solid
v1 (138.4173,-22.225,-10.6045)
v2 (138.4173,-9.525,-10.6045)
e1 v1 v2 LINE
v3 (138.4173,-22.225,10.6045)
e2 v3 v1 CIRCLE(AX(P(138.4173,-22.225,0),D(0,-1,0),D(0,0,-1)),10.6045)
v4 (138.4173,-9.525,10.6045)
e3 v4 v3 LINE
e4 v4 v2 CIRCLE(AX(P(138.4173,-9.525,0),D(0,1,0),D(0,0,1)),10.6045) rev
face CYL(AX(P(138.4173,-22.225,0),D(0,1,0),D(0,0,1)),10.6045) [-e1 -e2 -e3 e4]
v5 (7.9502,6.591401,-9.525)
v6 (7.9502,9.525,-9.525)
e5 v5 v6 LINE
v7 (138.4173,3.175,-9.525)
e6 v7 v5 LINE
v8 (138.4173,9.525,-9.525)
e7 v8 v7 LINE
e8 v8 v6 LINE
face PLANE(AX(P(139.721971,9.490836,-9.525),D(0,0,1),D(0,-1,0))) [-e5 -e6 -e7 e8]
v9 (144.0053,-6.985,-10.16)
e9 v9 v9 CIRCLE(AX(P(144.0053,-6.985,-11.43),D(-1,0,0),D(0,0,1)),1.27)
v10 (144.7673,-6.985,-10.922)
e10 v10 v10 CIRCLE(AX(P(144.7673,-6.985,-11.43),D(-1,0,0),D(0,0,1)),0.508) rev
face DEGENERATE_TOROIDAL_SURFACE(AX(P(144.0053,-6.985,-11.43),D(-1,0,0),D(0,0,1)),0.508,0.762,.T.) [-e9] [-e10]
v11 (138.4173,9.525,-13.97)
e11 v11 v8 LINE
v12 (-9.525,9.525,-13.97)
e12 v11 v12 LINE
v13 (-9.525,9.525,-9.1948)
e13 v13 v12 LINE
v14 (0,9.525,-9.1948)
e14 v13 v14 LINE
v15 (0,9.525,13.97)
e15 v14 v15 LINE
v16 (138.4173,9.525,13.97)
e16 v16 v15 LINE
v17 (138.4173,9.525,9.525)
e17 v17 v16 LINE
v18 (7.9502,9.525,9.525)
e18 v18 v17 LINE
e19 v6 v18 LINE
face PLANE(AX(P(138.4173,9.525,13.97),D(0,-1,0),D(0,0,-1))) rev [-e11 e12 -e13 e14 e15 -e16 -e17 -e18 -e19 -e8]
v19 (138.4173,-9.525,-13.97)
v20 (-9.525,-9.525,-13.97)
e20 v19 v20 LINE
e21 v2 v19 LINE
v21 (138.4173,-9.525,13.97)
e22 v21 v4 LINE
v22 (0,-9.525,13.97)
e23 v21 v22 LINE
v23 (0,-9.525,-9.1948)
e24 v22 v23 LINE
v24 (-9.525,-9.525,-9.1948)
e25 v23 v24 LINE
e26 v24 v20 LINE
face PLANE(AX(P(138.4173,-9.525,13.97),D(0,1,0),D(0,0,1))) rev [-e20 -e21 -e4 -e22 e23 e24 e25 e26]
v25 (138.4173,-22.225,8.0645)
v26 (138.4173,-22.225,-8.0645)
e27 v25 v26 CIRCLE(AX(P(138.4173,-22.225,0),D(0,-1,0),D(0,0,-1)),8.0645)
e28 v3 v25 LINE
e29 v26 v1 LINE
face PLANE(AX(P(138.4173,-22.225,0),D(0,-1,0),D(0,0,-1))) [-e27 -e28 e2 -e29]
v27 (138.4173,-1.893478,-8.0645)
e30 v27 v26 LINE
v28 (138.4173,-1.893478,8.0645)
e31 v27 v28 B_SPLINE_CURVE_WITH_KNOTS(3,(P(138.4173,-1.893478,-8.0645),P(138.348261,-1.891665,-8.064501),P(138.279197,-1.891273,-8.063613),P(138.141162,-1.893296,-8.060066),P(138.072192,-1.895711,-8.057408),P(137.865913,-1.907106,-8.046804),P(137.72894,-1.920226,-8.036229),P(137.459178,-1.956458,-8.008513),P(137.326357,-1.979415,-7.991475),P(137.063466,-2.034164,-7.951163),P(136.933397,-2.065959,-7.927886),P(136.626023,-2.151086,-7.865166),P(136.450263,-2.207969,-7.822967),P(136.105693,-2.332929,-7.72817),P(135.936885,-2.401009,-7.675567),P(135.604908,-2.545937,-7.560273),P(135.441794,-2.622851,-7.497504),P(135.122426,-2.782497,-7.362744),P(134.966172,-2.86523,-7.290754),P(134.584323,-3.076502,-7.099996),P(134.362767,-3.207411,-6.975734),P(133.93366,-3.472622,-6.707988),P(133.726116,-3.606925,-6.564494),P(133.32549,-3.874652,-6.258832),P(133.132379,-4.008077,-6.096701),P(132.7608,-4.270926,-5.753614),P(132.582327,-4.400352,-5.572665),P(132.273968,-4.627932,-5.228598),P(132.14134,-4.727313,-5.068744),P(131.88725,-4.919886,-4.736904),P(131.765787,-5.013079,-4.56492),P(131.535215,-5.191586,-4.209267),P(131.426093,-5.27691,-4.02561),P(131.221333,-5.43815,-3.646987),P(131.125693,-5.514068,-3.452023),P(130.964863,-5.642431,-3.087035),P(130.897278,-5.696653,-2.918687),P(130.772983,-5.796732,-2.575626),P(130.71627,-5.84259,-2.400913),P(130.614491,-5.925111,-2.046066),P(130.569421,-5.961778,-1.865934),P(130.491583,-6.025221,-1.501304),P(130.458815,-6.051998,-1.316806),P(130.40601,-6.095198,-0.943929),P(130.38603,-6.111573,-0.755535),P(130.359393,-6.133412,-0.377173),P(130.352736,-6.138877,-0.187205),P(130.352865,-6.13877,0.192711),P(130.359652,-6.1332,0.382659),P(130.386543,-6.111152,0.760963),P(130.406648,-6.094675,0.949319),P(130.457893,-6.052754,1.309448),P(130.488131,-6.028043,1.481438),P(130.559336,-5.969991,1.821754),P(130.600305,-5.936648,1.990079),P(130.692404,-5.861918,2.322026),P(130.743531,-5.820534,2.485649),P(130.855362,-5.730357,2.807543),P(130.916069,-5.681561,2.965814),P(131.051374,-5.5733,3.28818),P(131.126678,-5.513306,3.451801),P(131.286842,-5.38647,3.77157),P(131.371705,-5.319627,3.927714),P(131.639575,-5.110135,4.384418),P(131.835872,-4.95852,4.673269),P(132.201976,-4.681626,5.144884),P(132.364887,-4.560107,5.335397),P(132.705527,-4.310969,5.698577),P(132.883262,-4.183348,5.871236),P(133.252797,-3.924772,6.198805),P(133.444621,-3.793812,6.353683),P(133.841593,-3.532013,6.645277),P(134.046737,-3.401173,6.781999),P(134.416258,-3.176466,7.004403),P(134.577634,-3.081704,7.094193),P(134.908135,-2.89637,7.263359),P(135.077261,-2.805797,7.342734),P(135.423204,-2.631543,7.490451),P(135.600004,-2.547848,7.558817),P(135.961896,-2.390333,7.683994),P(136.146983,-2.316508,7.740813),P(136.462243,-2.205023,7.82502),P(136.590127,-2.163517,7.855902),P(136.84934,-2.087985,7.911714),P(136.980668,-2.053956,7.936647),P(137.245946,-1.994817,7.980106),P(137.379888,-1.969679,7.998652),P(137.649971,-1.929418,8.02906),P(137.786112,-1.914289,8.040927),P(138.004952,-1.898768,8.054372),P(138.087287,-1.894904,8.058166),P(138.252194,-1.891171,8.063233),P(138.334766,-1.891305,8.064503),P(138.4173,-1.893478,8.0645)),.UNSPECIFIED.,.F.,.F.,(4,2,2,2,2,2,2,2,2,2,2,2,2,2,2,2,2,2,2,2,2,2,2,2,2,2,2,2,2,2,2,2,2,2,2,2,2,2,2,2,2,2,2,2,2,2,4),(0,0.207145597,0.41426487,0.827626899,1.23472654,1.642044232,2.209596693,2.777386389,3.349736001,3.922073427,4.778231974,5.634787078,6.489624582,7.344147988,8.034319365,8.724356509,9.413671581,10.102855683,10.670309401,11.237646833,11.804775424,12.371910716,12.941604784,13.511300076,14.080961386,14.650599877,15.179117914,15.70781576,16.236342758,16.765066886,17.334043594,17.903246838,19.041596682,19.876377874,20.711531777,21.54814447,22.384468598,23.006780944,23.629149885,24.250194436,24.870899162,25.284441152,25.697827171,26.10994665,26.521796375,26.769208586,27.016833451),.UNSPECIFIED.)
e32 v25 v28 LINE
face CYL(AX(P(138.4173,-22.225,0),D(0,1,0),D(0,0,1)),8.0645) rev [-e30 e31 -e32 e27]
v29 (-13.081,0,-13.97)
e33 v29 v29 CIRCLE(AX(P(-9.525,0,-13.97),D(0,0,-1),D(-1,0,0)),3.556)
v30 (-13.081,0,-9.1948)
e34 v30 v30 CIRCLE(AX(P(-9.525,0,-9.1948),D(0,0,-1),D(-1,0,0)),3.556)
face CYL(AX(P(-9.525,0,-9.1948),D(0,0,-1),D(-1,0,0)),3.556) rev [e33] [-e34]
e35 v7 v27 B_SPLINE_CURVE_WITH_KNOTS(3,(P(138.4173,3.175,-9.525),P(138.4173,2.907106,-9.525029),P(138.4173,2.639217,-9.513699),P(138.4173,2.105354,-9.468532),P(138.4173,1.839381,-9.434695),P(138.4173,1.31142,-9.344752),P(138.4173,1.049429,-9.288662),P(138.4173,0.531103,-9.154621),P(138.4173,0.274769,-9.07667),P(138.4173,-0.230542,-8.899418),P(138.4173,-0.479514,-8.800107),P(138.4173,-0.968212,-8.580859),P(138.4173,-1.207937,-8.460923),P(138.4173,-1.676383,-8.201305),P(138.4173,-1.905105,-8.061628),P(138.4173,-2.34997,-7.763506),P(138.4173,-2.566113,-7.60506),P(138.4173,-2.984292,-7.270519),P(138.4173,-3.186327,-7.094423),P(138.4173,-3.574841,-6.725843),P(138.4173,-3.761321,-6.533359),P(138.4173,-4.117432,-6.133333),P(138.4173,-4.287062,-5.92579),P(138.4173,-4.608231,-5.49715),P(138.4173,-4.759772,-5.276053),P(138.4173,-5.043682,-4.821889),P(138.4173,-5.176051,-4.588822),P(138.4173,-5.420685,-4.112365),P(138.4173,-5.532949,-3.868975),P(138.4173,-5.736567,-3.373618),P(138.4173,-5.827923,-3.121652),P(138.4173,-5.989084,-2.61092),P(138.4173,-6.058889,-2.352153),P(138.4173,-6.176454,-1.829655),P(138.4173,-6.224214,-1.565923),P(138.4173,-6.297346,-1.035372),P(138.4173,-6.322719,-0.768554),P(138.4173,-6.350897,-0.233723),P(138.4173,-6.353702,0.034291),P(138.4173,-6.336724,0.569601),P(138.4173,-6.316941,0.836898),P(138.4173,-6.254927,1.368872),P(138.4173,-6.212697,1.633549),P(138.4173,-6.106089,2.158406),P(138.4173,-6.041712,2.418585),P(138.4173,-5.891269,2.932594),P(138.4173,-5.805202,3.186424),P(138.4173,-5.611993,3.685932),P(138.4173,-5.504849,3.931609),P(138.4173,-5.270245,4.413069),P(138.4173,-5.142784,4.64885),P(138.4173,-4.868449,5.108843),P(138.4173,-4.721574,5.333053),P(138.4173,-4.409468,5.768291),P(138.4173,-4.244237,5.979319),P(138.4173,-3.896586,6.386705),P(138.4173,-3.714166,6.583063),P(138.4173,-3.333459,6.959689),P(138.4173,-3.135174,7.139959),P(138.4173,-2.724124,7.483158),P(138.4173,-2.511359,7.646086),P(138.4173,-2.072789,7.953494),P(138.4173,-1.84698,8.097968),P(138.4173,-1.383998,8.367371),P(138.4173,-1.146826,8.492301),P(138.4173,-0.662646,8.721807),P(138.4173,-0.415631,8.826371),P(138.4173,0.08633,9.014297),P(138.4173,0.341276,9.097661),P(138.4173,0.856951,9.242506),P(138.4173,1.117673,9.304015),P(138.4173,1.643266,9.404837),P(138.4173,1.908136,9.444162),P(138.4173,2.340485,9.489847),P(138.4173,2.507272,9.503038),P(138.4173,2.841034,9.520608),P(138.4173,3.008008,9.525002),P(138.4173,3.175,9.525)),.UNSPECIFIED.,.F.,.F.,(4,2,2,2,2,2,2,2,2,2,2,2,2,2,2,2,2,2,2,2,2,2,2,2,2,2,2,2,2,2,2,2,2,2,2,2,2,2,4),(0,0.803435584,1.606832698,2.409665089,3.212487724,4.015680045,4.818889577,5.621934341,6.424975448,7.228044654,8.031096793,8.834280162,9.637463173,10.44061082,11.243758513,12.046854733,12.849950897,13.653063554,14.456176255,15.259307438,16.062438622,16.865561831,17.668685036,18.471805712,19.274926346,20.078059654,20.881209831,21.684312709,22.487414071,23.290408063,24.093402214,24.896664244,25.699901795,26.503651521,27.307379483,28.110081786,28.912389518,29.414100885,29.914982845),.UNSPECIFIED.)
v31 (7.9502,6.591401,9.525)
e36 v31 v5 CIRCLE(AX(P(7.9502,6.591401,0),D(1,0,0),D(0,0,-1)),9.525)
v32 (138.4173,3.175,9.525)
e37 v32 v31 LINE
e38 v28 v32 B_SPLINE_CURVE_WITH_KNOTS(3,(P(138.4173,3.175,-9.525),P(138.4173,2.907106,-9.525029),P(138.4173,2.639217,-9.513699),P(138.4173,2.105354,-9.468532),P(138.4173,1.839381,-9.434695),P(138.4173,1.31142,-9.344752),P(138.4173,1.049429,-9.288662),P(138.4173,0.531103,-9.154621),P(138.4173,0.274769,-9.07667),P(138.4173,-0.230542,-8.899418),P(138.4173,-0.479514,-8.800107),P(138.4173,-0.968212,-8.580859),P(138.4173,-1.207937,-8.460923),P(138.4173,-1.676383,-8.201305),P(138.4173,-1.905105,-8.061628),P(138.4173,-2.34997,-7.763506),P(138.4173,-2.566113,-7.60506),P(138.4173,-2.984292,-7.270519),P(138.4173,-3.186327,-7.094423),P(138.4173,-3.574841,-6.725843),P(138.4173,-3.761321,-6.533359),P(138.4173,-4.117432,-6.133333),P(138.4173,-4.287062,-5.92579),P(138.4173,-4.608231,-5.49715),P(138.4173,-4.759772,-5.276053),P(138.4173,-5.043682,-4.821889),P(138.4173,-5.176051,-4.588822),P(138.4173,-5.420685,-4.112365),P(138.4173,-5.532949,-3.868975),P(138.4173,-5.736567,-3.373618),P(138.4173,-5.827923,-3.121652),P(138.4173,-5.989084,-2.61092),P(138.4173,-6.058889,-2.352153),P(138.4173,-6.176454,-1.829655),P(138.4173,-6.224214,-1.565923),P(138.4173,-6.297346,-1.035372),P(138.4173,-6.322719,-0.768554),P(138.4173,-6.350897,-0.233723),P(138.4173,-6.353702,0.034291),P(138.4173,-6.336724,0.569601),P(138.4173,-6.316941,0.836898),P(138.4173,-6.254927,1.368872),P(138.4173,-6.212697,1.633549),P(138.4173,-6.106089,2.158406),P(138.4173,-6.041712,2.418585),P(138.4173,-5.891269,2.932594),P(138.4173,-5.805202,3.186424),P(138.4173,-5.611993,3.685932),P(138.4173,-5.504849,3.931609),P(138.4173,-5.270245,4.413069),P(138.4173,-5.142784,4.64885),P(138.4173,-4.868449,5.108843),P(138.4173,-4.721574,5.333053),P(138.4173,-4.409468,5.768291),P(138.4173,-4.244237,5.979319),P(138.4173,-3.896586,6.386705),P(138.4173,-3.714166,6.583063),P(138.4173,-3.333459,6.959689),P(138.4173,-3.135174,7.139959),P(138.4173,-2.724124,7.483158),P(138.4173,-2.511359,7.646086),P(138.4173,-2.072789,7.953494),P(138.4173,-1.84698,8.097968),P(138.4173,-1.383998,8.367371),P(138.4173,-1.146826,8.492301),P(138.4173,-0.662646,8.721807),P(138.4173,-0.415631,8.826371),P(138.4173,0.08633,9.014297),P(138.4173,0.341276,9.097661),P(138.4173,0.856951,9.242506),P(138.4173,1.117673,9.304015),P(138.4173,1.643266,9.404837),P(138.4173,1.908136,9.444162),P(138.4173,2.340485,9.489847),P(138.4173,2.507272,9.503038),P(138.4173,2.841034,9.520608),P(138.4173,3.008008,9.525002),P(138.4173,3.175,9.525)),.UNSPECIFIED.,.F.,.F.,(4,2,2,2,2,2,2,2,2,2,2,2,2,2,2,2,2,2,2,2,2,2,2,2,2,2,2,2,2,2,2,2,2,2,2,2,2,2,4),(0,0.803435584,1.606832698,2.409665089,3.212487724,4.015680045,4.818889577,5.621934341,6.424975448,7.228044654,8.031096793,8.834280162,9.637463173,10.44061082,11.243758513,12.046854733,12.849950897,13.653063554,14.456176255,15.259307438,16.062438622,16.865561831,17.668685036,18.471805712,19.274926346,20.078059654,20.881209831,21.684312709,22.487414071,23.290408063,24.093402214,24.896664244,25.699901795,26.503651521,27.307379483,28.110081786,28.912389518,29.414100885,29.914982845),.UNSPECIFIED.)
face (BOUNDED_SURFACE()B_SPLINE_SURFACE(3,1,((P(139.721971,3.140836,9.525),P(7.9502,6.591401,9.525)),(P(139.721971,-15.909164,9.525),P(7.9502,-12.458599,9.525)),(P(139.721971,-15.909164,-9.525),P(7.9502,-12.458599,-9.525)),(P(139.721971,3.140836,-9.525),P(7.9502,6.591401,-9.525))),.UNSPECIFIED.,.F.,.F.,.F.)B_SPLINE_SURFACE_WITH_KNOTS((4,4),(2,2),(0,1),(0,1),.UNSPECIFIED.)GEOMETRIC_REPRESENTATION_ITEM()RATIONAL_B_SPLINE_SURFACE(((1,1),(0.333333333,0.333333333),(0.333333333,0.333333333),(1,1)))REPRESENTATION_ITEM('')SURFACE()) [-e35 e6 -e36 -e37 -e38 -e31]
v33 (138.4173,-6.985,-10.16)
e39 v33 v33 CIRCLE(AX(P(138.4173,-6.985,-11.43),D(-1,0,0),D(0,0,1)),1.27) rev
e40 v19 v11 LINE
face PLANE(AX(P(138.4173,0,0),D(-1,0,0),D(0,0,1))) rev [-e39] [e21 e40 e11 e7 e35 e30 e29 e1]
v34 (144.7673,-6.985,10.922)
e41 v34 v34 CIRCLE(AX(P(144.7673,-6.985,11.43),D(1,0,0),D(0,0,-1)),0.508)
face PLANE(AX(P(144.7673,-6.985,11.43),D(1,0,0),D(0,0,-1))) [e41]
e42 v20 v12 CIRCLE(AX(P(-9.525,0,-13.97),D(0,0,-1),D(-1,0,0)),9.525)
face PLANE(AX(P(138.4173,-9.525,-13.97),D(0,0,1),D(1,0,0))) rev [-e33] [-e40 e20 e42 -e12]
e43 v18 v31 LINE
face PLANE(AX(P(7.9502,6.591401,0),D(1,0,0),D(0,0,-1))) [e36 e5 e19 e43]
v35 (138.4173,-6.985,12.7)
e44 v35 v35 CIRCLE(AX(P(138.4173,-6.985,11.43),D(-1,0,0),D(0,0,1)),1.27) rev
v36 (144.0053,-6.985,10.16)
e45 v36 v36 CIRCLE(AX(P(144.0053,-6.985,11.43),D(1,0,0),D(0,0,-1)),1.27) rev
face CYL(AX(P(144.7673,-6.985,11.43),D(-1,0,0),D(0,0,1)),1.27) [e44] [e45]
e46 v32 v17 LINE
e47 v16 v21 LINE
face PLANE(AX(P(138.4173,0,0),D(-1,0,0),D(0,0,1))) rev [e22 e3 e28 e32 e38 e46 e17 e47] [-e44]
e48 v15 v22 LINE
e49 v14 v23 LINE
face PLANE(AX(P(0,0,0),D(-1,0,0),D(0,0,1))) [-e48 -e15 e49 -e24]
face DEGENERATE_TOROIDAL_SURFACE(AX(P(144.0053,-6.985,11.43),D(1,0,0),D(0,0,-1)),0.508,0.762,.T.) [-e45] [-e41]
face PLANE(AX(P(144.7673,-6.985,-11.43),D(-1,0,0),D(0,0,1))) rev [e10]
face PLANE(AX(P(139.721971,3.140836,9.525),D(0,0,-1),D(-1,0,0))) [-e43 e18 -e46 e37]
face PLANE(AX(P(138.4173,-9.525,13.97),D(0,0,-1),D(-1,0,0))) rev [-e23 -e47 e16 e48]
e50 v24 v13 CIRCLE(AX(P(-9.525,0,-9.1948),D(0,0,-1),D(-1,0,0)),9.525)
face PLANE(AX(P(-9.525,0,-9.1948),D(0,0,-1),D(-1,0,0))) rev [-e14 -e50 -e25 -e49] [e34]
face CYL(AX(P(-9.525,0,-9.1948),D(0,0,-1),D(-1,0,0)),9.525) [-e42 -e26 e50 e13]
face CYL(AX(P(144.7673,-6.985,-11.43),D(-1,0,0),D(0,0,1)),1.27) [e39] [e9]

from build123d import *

# Parameters (mm, degrees)
SKETCH1_W           = 27.94
SKETCH1_H           = 19.05
BOSS_EXTRUDE1_DEPTH = 138.4173
SKETCH5_R           = 3.556
BOSS_EXTRUDE2_DEPTH = 4.7752
SKETCH6_R           = 10.6045
SKETCH6_R_2         = 8.0645
BOSS_EXTRUDE3_DEPTH = 12.7
SKETCH8_R           = 8.0645
CUT_EXTRUDE2_DEPTH  = 151.882604283
SKETCH9_W           = 32.717360996
SKETCH9_H           = 24.765
CUT_EXTRUDE3_DEPTH  = 151.882604283
SKETCH10_R          = 1.27
BOSS_EXTRUDE4_DEPTH = 6.35
FILLET1_R           = 0.762


with BuildPart() as part:
    # Sketch1 → Boss-Extrude1 (new body)
    with BuildSketch(Plane(origin=(0, 0, 0), x_dir=(0, 0, -1), z_dir=(1, 0, 0))):
        Rectangle(SKETCH1_W, SKETCH1_H)
    extrude(amount=BOSS_EXTRUDE1_DEPTH)

    # Cut-Sweep1: sweep along a path in Sketch3
    with BuildLine(Plane.XY) as cut_sweep1_path:
        Line((138.4173, 9.525), (7.9502, 12.941401248))
    # Sketch2 → Cut-Sweep1 (sweep, cut)
    with BuildSketch(Plane(origin=(138.4173, 0, 0), x_dir=(0, 0, -1), z_dir=(1, 0, 0))):
        with BuildLine():
            Line((-9.525, 3.175), (-9.525, 9.525))
            Line((-9.525, 9.525), (9.525, 9.525))
            Line((9.525, 9.525), (9.525, 3.175))
            ThreePointArc((9.525, 3.175), (0, -6.35), (-9.525, 3.175))
        make_face()
    sweep(path=cut_sweep1_path.line, mode=Mode.SUBTRACT)

    # Sketch5 → Boss-Extrude2 (add)
    with BuildSketch(Plane(origin=(0, 0, -13.97), x_dir=(-1, 0, 0), z_dir=(0, 0, -1))):
        with BuildLine():
            Line((0, -9.525), (0, 9.525))
            Line((0, 9.525), (9.525, 9.525))
            ThreePointArc((9.525, 9.525), (19.05, 0), (9.525, -9.525))
            Line((9.525, -9.525), (0, -9.525))
        make_face()
        with Locations((9.525, 0)):
            Circle(SKETCH5_R, mode=Mode.SUBTRACT)
    extrude(amount=-BOSS_EXTRUDE2_DEPTH)

    # Sketch6 → Boss-Extrude3 (add)
    with BuildSketch(Plane.XZ.offset(9.525)):
        with Locations(Location((138.4173, 0, 0), (0, 0, 270))):
            Circle(SKETCH6_R)
        with Locations(Location((138.4173, 0, 0), (0, 0, 270))):
            Circle(SKETCH6_R_2, mode=Mode.SUBTRACT)
    extrude(amount=BOSS_EXTRUDE3_DEPTH)

    # Sketch8 → Cut-Extrude2 (cut, through all)
    with BuildSketch(Plane.XZ.offset(9.525)):
        with Locations(Location((138.4173, 0, 0), (0, 0, 270))):
            Circle(SKETCH8_R)
    extrude(amount=-CUT_EXTRUDE2_DEPTH, mode=Mode.SUBTRACT)

    # Sketch9 → Cut-Extrude3 (cut, through all)
    with BuildSketch(Plane.XZ.offset(9.525)):
        with Locations((154.775980498, 1.5875)):
            Rectangle(SKETCH9_W, SKETCH9_H)
    extrude(amount=CUT_EXTRUDE3_DEPTH, mode=Mode.SUBTRACT)

    # Sketch10 → Boss-Extrude4 (add)
    with BuildSketch(Plane(origin=(138.4173, 0, 0), x_dir=(0, 0, -1), z_dir=(1, 0, 0))):
        with Locations(Location((-11.43, -6.985, 0), (0, 0, 180))):
            Circle(SKETCH10_R)
        with Locations(Location((11.43, -6.985, 0), (0, 0, 180))):
            Circle(SKETCH10_R)
    extrude(amount=BOSS_EXTRUDE4_DEPTH)

    # Fillet1
    fillet1_edges = [part.edges().sort_by_distance(p)[0] for p in [
        (144.7673, -6.985, 10.16),
        (144.7673, -6.985, -12.7),
    ]]
    fillet(fillet1_edges, radius=FILLET1_R)


solid = part.part
